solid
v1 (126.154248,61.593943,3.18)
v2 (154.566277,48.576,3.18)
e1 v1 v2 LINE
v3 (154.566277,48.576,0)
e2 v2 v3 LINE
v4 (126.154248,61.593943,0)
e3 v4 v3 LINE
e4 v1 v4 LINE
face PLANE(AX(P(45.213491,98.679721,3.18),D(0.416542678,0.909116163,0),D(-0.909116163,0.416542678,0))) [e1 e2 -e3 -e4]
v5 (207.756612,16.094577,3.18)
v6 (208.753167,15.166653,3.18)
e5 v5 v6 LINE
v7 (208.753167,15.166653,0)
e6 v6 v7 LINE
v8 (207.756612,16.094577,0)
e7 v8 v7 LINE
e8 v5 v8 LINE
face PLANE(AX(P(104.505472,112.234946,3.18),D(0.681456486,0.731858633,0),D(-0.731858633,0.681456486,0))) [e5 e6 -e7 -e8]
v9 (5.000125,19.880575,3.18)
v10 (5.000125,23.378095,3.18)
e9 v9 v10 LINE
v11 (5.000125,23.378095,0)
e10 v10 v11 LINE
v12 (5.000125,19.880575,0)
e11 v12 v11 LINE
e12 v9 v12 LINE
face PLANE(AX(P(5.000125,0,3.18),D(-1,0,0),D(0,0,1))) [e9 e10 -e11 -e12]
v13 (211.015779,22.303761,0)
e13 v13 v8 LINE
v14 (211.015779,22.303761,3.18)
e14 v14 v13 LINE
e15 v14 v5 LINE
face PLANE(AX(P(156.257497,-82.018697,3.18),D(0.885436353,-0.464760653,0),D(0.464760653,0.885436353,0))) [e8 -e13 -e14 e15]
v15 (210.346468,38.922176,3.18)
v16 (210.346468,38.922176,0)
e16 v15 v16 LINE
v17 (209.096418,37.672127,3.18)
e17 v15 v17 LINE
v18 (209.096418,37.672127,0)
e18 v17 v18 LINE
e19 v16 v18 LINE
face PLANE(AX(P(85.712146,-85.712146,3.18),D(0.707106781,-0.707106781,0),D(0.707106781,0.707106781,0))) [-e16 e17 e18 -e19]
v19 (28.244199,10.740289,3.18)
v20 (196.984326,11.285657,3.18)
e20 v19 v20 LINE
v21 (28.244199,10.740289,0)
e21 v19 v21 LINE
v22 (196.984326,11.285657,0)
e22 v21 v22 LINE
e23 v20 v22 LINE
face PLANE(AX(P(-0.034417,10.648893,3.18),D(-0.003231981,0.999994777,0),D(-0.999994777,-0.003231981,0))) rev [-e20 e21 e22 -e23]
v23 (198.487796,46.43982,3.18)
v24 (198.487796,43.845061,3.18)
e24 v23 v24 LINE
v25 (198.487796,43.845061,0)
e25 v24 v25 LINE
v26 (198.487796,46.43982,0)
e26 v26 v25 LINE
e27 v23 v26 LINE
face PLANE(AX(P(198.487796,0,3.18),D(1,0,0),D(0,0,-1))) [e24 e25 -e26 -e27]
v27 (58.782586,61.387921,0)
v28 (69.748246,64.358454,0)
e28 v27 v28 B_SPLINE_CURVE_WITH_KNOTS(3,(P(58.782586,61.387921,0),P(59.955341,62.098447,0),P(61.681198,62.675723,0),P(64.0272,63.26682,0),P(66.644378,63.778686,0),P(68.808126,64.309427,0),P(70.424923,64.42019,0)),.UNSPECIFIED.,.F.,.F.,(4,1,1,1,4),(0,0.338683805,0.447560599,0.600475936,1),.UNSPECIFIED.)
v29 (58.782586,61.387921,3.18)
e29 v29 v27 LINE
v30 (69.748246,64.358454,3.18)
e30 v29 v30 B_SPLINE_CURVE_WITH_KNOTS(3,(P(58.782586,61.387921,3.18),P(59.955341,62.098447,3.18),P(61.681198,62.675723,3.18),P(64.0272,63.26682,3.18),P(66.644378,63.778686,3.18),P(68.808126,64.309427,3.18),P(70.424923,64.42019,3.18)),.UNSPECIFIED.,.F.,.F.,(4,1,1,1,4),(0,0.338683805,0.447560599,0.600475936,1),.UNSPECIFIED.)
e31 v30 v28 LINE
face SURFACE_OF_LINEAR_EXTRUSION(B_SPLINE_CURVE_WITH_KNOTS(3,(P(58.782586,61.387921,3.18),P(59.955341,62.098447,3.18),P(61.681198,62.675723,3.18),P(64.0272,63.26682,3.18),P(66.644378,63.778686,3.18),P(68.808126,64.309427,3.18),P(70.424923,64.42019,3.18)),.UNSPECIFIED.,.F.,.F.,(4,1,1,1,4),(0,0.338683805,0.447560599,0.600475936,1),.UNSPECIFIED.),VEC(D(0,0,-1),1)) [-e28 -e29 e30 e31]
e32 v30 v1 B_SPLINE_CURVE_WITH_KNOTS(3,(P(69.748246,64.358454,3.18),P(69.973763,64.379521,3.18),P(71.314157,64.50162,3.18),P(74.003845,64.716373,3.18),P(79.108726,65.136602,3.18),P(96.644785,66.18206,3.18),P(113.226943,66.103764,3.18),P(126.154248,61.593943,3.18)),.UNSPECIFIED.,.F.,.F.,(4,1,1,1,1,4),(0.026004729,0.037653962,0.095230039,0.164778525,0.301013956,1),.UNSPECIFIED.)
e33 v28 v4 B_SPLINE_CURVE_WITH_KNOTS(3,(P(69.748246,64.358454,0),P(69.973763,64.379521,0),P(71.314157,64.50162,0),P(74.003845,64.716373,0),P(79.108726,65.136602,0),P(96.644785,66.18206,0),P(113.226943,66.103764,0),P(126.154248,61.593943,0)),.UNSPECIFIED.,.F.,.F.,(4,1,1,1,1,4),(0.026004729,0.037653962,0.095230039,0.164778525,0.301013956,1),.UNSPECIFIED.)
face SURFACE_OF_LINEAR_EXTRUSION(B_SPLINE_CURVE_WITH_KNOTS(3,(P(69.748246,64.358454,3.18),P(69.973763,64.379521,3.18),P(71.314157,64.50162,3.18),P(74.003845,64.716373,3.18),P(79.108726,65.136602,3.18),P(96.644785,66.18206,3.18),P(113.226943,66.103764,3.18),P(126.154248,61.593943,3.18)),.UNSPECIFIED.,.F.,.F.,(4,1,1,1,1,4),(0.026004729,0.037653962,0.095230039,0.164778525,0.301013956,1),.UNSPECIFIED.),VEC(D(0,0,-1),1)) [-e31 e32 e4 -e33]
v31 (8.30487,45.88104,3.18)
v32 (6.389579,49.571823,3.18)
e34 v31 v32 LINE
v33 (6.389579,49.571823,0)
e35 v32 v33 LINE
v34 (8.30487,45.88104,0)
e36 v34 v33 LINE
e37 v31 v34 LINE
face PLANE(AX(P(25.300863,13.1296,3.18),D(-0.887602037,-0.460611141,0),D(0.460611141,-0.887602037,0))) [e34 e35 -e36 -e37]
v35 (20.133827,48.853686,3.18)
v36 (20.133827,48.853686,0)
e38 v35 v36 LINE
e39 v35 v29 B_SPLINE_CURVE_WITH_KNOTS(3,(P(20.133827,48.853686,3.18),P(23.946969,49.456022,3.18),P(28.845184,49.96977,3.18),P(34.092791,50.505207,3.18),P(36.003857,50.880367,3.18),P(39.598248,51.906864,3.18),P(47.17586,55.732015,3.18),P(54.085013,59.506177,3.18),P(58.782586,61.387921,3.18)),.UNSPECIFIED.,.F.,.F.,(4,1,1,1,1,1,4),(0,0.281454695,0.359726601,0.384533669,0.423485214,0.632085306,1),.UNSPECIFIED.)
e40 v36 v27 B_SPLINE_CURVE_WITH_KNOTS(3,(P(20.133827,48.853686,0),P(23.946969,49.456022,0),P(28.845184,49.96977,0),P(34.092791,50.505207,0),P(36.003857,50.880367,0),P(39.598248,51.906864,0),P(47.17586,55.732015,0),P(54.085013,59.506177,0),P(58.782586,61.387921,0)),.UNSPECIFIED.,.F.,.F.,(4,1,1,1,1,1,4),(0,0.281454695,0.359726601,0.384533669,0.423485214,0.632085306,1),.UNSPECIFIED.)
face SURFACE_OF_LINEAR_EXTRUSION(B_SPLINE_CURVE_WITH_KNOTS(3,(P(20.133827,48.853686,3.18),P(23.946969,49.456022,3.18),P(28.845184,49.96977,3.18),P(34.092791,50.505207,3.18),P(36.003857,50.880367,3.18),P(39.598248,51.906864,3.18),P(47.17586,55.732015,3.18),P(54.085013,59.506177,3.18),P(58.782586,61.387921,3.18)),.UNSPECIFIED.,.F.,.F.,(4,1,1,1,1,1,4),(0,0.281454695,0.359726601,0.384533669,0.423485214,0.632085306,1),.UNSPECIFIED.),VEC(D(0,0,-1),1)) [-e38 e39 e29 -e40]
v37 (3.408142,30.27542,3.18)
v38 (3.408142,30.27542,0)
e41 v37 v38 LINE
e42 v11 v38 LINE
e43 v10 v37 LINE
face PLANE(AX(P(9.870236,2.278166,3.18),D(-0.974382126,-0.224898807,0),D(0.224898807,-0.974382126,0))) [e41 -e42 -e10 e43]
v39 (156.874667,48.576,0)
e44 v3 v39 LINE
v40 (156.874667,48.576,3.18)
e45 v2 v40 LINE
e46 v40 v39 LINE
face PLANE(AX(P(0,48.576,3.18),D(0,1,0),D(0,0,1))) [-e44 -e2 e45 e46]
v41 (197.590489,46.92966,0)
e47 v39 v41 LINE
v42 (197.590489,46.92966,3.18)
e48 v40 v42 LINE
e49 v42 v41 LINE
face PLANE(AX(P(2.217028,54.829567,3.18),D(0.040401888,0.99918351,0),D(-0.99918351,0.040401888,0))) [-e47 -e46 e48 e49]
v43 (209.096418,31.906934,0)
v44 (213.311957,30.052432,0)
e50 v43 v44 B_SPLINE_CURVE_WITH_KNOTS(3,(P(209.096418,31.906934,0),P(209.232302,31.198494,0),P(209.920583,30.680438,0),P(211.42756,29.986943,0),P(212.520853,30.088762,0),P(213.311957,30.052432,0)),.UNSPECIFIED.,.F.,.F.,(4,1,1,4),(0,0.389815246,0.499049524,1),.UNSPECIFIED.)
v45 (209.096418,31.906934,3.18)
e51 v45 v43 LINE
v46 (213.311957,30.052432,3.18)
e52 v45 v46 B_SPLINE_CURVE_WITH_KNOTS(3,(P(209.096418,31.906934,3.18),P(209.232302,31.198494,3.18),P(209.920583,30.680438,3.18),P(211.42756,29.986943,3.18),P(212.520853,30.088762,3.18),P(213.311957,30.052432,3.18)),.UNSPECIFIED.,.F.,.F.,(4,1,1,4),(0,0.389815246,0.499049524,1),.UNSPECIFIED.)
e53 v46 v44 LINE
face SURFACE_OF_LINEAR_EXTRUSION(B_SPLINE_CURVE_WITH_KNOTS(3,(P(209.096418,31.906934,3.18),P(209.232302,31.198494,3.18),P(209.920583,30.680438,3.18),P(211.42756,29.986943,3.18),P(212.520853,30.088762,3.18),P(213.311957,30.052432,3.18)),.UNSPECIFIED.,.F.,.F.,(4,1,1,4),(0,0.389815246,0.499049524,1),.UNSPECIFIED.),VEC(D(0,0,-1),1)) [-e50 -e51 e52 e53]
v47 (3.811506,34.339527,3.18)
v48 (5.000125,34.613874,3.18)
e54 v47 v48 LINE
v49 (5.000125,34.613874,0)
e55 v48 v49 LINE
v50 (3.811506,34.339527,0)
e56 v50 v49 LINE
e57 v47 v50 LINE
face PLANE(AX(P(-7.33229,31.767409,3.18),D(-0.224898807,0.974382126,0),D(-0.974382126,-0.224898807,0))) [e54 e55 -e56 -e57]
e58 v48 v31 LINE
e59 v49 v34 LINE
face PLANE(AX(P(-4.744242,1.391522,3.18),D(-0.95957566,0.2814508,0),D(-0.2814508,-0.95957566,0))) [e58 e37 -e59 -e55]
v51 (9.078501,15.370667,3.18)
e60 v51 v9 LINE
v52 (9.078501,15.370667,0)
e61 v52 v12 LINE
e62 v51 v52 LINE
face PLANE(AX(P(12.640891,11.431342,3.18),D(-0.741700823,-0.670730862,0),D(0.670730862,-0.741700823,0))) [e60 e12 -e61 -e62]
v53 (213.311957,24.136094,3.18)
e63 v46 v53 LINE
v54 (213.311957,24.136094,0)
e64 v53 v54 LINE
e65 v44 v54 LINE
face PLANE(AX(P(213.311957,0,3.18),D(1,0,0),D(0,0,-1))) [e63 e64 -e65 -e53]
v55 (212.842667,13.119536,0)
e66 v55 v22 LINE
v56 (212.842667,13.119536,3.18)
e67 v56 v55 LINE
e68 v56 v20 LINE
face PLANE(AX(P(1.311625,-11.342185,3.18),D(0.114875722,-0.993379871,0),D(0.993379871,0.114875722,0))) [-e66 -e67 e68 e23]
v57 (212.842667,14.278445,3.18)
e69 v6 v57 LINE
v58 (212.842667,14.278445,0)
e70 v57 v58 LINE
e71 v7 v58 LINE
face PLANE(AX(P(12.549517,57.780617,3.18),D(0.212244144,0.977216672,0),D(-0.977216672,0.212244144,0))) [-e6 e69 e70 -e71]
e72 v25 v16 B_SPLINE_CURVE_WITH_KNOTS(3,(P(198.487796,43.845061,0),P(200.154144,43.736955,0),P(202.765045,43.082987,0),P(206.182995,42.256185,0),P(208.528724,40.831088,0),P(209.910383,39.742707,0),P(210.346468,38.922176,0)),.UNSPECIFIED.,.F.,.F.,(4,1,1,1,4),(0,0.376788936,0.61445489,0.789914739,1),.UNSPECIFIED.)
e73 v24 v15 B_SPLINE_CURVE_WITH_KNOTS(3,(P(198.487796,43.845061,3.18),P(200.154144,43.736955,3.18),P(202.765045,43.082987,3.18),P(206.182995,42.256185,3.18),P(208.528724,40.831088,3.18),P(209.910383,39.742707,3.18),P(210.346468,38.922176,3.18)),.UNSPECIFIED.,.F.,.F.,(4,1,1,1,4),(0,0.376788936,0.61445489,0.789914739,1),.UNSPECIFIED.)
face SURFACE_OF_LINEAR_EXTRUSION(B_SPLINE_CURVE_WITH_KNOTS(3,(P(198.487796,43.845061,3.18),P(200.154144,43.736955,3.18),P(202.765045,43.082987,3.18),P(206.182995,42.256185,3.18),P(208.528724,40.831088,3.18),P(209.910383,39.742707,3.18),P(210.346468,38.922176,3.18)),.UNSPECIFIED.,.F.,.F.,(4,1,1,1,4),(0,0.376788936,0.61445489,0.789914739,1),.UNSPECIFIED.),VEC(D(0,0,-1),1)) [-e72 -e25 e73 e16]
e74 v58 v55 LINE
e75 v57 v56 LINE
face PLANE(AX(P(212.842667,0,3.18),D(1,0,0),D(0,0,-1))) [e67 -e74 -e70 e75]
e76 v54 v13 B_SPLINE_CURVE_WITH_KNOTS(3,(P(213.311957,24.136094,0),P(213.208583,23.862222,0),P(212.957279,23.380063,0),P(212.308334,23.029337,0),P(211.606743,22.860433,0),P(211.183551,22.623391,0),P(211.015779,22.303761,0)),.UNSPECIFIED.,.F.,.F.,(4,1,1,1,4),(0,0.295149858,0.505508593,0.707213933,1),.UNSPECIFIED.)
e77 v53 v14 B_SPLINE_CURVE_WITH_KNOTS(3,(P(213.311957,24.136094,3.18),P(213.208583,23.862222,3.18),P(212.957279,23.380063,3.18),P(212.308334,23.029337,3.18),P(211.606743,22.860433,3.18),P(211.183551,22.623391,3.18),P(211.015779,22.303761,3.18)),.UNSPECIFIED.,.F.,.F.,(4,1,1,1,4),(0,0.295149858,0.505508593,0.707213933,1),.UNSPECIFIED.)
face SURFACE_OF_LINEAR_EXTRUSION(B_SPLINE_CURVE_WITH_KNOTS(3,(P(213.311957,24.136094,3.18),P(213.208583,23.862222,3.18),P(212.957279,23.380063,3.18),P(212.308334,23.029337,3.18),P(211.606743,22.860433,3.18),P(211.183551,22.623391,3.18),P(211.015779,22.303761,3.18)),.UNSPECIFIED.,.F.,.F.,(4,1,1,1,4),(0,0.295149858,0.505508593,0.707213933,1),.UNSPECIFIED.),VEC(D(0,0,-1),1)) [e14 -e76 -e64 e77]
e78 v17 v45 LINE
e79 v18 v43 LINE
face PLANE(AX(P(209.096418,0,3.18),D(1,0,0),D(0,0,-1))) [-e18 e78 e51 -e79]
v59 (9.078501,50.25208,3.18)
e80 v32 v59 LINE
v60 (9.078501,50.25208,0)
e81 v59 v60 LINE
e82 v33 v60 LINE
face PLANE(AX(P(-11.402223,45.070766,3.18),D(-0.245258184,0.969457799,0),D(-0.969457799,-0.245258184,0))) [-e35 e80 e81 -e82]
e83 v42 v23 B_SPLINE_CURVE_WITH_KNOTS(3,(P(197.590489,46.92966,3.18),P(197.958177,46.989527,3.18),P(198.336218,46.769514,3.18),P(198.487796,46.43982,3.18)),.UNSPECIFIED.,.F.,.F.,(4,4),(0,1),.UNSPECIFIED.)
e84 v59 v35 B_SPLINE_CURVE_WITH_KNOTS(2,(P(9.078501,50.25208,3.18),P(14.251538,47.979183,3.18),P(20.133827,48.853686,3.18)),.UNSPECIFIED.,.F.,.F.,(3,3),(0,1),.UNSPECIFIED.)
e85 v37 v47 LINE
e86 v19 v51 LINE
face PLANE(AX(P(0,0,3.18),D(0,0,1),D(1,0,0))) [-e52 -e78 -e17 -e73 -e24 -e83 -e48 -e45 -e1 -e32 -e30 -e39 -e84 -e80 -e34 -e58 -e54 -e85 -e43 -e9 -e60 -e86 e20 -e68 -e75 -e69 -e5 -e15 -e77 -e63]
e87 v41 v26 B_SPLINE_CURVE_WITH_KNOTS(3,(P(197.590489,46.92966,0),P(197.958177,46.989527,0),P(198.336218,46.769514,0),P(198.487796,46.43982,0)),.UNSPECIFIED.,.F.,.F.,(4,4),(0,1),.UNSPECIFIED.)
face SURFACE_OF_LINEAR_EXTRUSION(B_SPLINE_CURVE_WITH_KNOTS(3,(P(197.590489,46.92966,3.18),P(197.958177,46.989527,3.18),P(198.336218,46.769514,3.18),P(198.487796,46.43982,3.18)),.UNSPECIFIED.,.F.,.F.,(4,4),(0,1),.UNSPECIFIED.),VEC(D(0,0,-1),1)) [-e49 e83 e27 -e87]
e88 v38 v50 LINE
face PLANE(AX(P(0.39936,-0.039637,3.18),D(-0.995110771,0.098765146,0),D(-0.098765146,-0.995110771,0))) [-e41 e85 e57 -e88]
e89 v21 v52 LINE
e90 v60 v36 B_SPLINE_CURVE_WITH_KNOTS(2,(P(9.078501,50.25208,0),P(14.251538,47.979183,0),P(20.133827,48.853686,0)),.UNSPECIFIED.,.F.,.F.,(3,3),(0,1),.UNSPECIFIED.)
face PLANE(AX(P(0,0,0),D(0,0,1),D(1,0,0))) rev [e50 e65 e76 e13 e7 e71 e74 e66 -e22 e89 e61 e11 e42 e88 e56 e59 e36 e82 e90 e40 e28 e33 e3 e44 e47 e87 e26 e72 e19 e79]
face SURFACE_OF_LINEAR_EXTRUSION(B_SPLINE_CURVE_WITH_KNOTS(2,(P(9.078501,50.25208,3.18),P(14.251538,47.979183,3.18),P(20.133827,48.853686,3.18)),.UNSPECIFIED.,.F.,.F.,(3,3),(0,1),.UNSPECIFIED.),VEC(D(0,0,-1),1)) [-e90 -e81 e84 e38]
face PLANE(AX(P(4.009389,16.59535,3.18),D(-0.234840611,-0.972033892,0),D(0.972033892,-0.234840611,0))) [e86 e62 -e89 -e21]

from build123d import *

# Parameters (mm, degrees)
BOSS_EXTRUDE2_DEPTH = 3.18


with BuildPart() as part:
    # Sketch3 → Boss-Extrude2 (new body)
    with BuildSketch(Plane.XY):
        with BuildLine():
            Line((154.566276863, 48.576), (126.154248002, 61.593943228))
            add(Edge.make_bspline(
                [(70.42492341, 64.420190492), (71.539940423, 64.519647115), (74.003845296, 64.716372581), (79.10872622, 65.136602193), (96.644785351, 66.182060474), (113.226942999, 66.103763633), (126.154248002, 61.593943228)],
                knots=[0.037653962, 0.037653962, 0.037653962, 0.037653962, 0.095230039, 0.164778525, 0.301013956, 1, 1, 1, 1], degree=3))
            add(Edge.make_bspline(
                [(69.748246193, 64.358453822), (69.973763165, 64.379520838), (70.199324622, 64.400067666), (70.42492341, 64.420190492)],
                knots=[0.026004729, 0.026004729, 0.026004729, 0.026004729, 0.037653962, 0.037653962, 0.037653962, 0.037653962], degree=3))
            add(Edge.make_bspline(
                [(58.782586434, 61.3879207), (59.955341201, 62.098447326), (61.681198084, 62.675723092), (64.027199959, 63.266819743), (66.422854867, 63.735360745), (68.36941666, 64.202932371), (69.748246193, 64.358453822)],
                knots=[0, 0, 0, 0, 0.338683805, 0.447560599, 0.600475936, 0.944024822, 0.944024822, 0.944024822, 0.944024822], degree=3))
            add(Edge.make_bspline(
                [(20.133826985, 48.853685786), (23.946969175, 49.456022002), (28.845183788, 49.969770281), (34.092791307, 50.505206975), (36.003857037, 50.880366768), (39.598247839, 51.906864384), (47.175860034, 55.732014815), (54.085013367, 59.506177314), (58.782586434, 61.3879207)],
                knots=[0, 0, 0, 0, 0.281454695, 0.359726601, 0.384533669, 0.423485214, 0.632085306, 1, 1, 1, 1], degree=3))
            add(Edge.make_bspline(
                [(9.07850141, 50.252079796), (14.251537818, 47.979183465), (20.133826985, 48.853685786)],
                knots=[0, 0, 0, 1, 1, 1], degree=2))
            Line((9.07850141, 50.252079796), (6.389579219, 49.571823086))
            Line((6.389579219, 49.571823086), (8.304869981, 45.881039625))
            Line((8.304869981, 45.881039625), (5.000125196, 34.613874444))
            Line((5.000125196, 34.613874444), (3.811505877, 34.339527184))
            Line((3.811505877, 34.339527184), (3.408141633, 30.275420379))
            Line((3.408141633, 30.275420379), (5.000125196, 23.378094633))
            Line((5.000125196, 23.378094633), (5.000125196, 19.880575438))
            Line((5.000125196, 19.880575438), (9.07850141, 15.370666667))
            Line((9.07850141, 15.370666667), (28.244198642, 10.740288968))
            Line((28.244198642, 10.740288968), (196.984326141, 11.285656733))
            Line((196.984326141, 11.285656733), (212.842666667, 13.119535563))
            Line((212.842666667, 13.119535563), (212.842666667, 14.278444622))
            Line((212.842666667, 14.278444622), (208.753166993, 15.166653328))
            Line((208.753166993, 15.166653328), (207.756612292, 16.09457661))
            Line((207.756612292, 16.09457661), (211.015778832, 22.30376088))
            add(Edge.make_bspline(
                [(213.311956775, 24.136094227), (213.208583455, 23.862222048), (212.957279088, 23.380062736), (212.30833351, 23.029337441), (211.606742708, 22.860432983), (211.183551066, 22.623391283), (211.015778832, 22.30376088)],
                knots=[0, 0, 0, 0, 0.295149858, 0.505508593, 0.707213933, 1, 1, 1, 1], degree=3))
            Line((213.311956775, 24.136094227), (213.311956775, 30.052431591))
            add(Edge.make_bspline(
                [(209.096417688, 31.906934109), (209.232301931, 31.198493688), (209.920582822, 30.680437528), (211.427560224, 29.98694305), (212.520853083, 30.088762434), (213.311956775, 30.052431591)],
                knots=[0, 0, 0, 0, 0.389815246, 0.499049524, 1, 1, 1, 1], degree=3))
            Line((209.096417688, 31.906934109), (209.096417688, 37.672126537))
            Line((209.096417688, 37.672126537), (210.346467514, 38.922176363))
            add(Edge.make_bspline(
                [(198.487796099, 43.845060743), (200.154143731, 43.736954664), (202.765045449, 43.082987453), (206.182994866, 42.256184747), (208.528724374, 40.831088376), (209.910383176, 39.742707025), (210.346467514, 38.922176363)],
                knots=[0, 0, 0, 0, 0.376788936, 0.61445489, 0.789914739, 1, 1, 1, 1], degree=3))
            Line((198.487796099, 43.845060743), (198.487796099, 46.439819769))
            add(Edge.make_bspline(
                [(197.590488958, 46.929659684), (197.958176787, 46.989526936), (198.336218206, 46.769514411), (198.487796099, 46.439819769)],
                knots=[0, 0, 0, 0, 1, 1, 1, 1], degree=3))
            Line((197.590488958, 46.929659684), (156.874666667, 48.576))
            Line((156.874666667, 48.576), (154.566276863, 48.576))
        make_face()
    extrude(amount=BOSS_EXTRUDE2_DEPTH)


solid = part.part
